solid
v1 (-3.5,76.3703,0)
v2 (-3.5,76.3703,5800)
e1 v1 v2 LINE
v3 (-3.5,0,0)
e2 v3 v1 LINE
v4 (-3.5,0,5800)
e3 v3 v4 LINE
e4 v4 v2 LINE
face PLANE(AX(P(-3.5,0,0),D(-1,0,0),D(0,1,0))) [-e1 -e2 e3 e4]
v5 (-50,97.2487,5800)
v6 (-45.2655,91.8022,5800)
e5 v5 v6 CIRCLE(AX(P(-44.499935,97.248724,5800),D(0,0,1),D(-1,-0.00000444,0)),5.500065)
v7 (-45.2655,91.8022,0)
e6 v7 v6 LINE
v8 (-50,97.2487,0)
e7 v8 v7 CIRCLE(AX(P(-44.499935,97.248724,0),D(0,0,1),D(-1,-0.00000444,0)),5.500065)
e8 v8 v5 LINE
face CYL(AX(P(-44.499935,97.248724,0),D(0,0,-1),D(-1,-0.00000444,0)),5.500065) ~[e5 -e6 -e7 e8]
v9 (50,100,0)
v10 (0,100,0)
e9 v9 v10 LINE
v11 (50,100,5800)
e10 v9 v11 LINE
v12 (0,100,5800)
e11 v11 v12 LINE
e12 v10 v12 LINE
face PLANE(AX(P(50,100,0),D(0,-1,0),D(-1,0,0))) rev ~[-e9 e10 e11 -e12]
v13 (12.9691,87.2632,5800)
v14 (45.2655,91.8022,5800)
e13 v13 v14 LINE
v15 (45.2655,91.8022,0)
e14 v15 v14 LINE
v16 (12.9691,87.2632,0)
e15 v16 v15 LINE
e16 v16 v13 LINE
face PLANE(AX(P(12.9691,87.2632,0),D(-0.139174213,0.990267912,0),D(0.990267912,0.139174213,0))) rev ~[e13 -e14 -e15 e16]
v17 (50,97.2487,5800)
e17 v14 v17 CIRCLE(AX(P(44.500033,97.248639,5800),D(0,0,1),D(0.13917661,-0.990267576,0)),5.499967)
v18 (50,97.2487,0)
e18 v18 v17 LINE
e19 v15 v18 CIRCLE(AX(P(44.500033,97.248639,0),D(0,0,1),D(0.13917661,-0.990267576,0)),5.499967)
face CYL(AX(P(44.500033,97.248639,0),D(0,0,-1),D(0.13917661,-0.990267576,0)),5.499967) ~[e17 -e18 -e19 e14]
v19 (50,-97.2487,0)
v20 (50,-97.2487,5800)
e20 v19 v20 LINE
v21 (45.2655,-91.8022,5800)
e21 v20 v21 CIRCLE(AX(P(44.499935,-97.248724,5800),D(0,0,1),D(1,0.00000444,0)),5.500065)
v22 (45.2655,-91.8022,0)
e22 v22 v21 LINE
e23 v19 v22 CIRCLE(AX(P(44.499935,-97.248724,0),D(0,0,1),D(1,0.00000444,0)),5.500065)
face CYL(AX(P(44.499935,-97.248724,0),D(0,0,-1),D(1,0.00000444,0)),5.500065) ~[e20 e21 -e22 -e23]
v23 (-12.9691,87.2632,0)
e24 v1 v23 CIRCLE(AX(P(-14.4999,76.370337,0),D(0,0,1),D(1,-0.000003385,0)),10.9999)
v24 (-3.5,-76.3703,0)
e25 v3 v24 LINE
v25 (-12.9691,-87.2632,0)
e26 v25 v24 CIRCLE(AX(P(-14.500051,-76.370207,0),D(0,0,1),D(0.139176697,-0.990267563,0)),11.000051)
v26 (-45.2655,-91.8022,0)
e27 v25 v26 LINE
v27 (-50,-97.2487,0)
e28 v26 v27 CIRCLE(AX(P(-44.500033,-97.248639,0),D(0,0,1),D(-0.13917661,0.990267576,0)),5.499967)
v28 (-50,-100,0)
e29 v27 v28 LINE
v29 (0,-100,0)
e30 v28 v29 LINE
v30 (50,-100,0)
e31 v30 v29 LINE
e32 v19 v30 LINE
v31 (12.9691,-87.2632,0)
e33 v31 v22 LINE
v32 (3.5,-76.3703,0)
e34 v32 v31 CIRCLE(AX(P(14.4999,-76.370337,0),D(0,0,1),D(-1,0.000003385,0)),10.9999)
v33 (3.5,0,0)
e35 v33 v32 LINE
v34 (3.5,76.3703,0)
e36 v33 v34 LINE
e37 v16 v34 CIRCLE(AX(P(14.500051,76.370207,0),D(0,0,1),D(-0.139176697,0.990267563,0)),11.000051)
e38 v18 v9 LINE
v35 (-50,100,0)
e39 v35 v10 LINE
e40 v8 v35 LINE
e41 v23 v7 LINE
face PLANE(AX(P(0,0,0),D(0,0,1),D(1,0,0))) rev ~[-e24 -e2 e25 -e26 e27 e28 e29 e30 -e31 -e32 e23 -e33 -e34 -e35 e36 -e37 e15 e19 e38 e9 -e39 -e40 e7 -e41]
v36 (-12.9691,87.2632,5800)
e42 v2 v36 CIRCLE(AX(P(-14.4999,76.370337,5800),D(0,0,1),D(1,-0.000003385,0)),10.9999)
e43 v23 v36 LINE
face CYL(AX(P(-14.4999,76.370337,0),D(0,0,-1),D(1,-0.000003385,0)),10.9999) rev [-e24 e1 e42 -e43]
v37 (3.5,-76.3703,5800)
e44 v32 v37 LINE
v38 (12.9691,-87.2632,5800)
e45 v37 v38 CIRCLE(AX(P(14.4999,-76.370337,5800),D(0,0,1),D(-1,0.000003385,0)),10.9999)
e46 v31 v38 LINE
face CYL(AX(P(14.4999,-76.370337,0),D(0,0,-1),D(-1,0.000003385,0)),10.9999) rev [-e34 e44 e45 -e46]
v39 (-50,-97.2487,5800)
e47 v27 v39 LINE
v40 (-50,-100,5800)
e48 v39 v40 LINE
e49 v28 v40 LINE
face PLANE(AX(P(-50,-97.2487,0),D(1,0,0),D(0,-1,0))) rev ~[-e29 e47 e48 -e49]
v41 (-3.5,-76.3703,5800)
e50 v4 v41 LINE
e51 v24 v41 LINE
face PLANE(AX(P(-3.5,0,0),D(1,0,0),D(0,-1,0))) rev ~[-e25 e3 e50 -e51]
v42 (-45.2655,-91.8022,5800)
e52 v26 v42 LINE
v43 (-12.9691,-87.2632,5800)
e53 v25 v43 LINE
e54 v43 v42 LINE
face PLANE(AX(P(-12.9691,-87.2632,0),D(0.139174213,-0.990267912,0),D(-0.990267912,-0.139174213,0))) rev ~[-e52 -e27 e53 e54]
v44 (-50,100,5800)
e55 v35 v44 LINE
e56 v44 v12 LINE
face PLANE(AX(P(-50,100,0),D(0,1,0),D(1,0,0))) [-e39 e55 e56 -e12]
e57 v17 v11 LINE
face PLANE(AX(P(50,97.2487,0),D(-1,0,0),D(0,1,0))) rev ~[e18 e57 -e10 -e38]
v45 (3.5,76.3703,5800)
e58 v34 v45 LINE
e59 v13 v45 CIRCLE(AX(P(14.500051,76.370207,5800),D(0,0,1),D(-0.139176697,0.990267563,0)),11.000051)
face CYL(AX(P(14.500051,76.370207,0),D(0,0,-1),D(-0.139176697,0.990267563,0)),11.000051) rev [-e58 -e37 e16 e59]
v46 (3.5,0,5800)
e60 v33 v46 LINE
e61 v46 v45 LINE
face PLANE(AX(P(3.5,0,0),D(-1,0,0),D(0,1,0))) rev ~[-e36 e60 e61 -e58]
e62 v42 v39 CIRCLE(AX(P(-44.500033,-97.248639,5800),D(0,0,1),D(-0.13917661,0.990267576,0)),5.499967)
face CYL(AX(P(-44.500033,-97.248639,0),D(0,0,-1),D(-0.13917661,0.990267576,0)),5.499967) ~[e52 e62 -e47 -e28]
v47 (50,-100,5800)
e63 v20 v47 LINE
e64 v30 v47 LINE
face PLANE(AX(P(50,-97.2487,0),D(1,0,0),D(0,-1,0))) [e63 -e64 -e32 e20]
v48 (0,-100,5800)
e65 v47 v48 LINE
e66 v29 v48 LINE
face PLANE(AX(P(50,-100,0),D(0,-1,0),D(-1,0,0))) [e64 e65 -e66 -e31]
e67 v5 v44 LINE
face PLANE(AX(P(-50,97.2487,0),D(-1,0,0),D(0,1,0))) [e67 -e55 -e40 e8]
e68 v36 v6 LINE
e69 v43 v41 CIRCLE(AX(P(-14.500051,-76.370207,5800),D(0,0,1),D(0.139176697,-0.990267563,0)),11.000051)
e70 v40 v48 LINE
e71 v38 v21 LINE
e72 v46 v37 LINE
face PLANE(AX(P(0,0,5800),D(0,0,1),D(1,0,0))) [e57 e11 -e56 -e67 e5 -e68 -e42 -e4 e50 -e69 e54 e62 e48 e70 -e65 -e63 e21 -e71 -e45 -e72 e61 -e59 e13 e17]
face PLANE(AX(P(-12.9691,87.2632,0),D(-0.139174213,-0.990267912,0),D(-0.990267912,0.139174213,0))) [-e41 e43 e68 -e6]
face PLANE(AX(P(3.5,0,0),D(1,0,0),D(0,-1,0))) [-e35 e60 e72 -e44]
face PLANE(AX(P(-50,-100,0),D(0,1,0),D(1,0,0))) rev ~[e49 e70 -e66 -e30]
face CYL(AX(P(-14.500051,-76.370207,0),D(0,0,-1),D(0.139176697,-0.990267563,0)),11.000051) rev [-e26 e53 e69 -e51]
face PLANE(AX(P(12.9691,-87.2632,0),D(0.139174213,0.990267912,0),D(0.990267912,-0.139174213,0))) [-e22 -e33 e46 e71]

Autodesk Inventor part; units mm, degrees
ref_plane "YZ Plane" through (0, 0, 0) normal (1, 0, 0) x (0, 1, 0)
ref_plane "Start Plane" through (0, 0, 0) normal (0, 0, 1) x (1, 0, 0)
ref_plane "End Plane" through (0, 0, 5800) normal (0, 0, 1) x (1, 0, 0)
sketch "Sketch" plane through (0, 0, 0) normal (0, 0, 1) x (1, 0, 0)
  line L0 (-3.5, 0) -> (-3.5, -76.3703)
  line L1 (-12.9691, -87.2632) -> (-45.2655, -91.8022)
  line L2 (-50, -97.2487) -> (-50, -100)
  line L3 (-50, -100) -> (0, -100)
  line L4 (-26.75, -100) -> (-26.75, -89.2) construction
  line L5 (-25.7112, 0) -> (34.2816, 0) construction
  line L6 (0, 40) -> (0, -100) construction
  line L7 (0, -48) -> (0, 64) construction
  line L8 (3.5, 0) -> (3.5, -76.3703)
  line L9 (12.9691, -87.2632) -> (45.2655, -91.8022)
  line L10 (50, -97.2487) -> (50, -100)
  line L11 (50, -100) -> (0, -100)
  line L12 (-3.5, 0) -> (3.5, 0) construction
  line L13 (-3.5, 0) -> (-3.5, 76.3703)
  line L14 (-12.9691, 87.2632) -> (-45.2655, 91.8022)
  line L15 (-50, 97.2487) -> (-50, 100)
  line L16 (-50, 100) -> (0, 100)
  line L17 (3.5, 0) -> (3.5, 76.3703)
  line L18 (12.9691, 87.2632) -> (45.2655, 91.8022)
  line L19 (50, 97.2487) -> (50, 100)
  line L20 (50, 100) -> (0, 100)
  arc A0 (-50, 97.2487) -> (-45.2655, 91.8022) centre (-44.5, 97.2487) ccw
  arc A1 (45.2655, 91.8022) -> (50, 97.2487) centre (44.5, 97.2487) ccw
  arc A2 (50, -97.2487) -> (45.2655, -91.8022) centre (44.5, -97.2487) ccw
  arc A3 (-45.2655, -91.8022) -> (-50, -97.2487) centre (-44.5, -97.2487) ccw
  arc A4 (-3.5, 76.3703) -> (-12.9691, 87.2632) centre (-14.5, 76.3703) ccw
  arc A5 (12.9691, 87.2632) -> (3.5, 76.3703) centre (14.5, 76.3703) ccw
  arc A6 (3.5, -76.3703) -> (12.9691, -87.2632) centre (14.5, -76.3703) ccw
  arc A7 (-12.9691, -87.2632) -> (-3.5, -76.3703) centre (-14.5, -76.3703) ccw
  line L21 (0, 140) -> (0, -140) construction
  line L22 (-71.4254, 0) -> (71.4254, 0) construction
  point P0 (-3.5, -85.9324)
  point P1 (-50, -92.4676)
  point P2 (3.5, -85.9324)
  point P3 (50, -92.4676)
  point P4 (26.75, -100)
  point P5 (26.75, -89.2)
  point P6 (-3.5, 85.9324)
  point P7 (-50, 92.4676)
  point P8 (-26.75, 100)
  point P9 (-26.75, 89.2)
  point P10 (3.5, 85.9324)
  point P11 (50, 92.4676)
  point P12 (26.75, 89.2)
  point P13 (26.75, 100)
  dimension "d1" = 3.2676
  dimension "d2" = 10.8
  dimension "d3" = 23.25
  dimension "d4" = 3.5
  dimension "d5" = 50
  dimension "d10" = 100
  dimension "d14" = 5.5
  dimension "d15" = 11
extrude "Body" add sketch "Sketch" along normal up to surface (5800 mm away) from surface at 0
sketch "Sketch3" plane through (0, 0, 0) normal (0, 0, 1) x (1, 0, 0)
  line L0 (0, 0) -> (10, 0)
ref_plane "Work Plane3" through (0, 0, 0) normal (0, -1, 0) x (1, 0, 0)
sketch "Sketch4" plane through (0, 0, 0) normal (0, -1, 0) x (1, 0, 0)
  line L0 (-2, 0) -> (12, 0) projected
  line L1 (-2, 5800) -> (12, 5800) projected
  dimension "d19" = 5800
equation "\"d2\" = G_T1"
equation "\"d3\" = G_C"
equation "\"d4\" = 0.5 * G_T"
equation "\"d5\" = 0.5 * G_W"
equation "\"d10\" = 0.5 * G_H"
equation "\"d14\" = G_ER"
equation "\"d15\" = G_IR"
equation "\"d6\" = G_L"
equation "\"G_W\" = 100"
equation "\"G_H\" = 200"
equation "\"G_T\" = 7"
equation "\"G_T1\" = 10.8"
equation "\"G_C\" = 23.25"
equation "\"G_NG\" = 0.140541"
equation "\"G_L\" = d19"
equation "\"G_ER\" = 0.5 * G_IR"
equation "\"G_IR\" = 11"
equation "\"G_OFFSET_START\" = 0"
equation "\"G_OFFSET_END\" = 0"
properties part number "ISO 657/15 - SB 200x27 - 5800" material "Steel, Mild"
